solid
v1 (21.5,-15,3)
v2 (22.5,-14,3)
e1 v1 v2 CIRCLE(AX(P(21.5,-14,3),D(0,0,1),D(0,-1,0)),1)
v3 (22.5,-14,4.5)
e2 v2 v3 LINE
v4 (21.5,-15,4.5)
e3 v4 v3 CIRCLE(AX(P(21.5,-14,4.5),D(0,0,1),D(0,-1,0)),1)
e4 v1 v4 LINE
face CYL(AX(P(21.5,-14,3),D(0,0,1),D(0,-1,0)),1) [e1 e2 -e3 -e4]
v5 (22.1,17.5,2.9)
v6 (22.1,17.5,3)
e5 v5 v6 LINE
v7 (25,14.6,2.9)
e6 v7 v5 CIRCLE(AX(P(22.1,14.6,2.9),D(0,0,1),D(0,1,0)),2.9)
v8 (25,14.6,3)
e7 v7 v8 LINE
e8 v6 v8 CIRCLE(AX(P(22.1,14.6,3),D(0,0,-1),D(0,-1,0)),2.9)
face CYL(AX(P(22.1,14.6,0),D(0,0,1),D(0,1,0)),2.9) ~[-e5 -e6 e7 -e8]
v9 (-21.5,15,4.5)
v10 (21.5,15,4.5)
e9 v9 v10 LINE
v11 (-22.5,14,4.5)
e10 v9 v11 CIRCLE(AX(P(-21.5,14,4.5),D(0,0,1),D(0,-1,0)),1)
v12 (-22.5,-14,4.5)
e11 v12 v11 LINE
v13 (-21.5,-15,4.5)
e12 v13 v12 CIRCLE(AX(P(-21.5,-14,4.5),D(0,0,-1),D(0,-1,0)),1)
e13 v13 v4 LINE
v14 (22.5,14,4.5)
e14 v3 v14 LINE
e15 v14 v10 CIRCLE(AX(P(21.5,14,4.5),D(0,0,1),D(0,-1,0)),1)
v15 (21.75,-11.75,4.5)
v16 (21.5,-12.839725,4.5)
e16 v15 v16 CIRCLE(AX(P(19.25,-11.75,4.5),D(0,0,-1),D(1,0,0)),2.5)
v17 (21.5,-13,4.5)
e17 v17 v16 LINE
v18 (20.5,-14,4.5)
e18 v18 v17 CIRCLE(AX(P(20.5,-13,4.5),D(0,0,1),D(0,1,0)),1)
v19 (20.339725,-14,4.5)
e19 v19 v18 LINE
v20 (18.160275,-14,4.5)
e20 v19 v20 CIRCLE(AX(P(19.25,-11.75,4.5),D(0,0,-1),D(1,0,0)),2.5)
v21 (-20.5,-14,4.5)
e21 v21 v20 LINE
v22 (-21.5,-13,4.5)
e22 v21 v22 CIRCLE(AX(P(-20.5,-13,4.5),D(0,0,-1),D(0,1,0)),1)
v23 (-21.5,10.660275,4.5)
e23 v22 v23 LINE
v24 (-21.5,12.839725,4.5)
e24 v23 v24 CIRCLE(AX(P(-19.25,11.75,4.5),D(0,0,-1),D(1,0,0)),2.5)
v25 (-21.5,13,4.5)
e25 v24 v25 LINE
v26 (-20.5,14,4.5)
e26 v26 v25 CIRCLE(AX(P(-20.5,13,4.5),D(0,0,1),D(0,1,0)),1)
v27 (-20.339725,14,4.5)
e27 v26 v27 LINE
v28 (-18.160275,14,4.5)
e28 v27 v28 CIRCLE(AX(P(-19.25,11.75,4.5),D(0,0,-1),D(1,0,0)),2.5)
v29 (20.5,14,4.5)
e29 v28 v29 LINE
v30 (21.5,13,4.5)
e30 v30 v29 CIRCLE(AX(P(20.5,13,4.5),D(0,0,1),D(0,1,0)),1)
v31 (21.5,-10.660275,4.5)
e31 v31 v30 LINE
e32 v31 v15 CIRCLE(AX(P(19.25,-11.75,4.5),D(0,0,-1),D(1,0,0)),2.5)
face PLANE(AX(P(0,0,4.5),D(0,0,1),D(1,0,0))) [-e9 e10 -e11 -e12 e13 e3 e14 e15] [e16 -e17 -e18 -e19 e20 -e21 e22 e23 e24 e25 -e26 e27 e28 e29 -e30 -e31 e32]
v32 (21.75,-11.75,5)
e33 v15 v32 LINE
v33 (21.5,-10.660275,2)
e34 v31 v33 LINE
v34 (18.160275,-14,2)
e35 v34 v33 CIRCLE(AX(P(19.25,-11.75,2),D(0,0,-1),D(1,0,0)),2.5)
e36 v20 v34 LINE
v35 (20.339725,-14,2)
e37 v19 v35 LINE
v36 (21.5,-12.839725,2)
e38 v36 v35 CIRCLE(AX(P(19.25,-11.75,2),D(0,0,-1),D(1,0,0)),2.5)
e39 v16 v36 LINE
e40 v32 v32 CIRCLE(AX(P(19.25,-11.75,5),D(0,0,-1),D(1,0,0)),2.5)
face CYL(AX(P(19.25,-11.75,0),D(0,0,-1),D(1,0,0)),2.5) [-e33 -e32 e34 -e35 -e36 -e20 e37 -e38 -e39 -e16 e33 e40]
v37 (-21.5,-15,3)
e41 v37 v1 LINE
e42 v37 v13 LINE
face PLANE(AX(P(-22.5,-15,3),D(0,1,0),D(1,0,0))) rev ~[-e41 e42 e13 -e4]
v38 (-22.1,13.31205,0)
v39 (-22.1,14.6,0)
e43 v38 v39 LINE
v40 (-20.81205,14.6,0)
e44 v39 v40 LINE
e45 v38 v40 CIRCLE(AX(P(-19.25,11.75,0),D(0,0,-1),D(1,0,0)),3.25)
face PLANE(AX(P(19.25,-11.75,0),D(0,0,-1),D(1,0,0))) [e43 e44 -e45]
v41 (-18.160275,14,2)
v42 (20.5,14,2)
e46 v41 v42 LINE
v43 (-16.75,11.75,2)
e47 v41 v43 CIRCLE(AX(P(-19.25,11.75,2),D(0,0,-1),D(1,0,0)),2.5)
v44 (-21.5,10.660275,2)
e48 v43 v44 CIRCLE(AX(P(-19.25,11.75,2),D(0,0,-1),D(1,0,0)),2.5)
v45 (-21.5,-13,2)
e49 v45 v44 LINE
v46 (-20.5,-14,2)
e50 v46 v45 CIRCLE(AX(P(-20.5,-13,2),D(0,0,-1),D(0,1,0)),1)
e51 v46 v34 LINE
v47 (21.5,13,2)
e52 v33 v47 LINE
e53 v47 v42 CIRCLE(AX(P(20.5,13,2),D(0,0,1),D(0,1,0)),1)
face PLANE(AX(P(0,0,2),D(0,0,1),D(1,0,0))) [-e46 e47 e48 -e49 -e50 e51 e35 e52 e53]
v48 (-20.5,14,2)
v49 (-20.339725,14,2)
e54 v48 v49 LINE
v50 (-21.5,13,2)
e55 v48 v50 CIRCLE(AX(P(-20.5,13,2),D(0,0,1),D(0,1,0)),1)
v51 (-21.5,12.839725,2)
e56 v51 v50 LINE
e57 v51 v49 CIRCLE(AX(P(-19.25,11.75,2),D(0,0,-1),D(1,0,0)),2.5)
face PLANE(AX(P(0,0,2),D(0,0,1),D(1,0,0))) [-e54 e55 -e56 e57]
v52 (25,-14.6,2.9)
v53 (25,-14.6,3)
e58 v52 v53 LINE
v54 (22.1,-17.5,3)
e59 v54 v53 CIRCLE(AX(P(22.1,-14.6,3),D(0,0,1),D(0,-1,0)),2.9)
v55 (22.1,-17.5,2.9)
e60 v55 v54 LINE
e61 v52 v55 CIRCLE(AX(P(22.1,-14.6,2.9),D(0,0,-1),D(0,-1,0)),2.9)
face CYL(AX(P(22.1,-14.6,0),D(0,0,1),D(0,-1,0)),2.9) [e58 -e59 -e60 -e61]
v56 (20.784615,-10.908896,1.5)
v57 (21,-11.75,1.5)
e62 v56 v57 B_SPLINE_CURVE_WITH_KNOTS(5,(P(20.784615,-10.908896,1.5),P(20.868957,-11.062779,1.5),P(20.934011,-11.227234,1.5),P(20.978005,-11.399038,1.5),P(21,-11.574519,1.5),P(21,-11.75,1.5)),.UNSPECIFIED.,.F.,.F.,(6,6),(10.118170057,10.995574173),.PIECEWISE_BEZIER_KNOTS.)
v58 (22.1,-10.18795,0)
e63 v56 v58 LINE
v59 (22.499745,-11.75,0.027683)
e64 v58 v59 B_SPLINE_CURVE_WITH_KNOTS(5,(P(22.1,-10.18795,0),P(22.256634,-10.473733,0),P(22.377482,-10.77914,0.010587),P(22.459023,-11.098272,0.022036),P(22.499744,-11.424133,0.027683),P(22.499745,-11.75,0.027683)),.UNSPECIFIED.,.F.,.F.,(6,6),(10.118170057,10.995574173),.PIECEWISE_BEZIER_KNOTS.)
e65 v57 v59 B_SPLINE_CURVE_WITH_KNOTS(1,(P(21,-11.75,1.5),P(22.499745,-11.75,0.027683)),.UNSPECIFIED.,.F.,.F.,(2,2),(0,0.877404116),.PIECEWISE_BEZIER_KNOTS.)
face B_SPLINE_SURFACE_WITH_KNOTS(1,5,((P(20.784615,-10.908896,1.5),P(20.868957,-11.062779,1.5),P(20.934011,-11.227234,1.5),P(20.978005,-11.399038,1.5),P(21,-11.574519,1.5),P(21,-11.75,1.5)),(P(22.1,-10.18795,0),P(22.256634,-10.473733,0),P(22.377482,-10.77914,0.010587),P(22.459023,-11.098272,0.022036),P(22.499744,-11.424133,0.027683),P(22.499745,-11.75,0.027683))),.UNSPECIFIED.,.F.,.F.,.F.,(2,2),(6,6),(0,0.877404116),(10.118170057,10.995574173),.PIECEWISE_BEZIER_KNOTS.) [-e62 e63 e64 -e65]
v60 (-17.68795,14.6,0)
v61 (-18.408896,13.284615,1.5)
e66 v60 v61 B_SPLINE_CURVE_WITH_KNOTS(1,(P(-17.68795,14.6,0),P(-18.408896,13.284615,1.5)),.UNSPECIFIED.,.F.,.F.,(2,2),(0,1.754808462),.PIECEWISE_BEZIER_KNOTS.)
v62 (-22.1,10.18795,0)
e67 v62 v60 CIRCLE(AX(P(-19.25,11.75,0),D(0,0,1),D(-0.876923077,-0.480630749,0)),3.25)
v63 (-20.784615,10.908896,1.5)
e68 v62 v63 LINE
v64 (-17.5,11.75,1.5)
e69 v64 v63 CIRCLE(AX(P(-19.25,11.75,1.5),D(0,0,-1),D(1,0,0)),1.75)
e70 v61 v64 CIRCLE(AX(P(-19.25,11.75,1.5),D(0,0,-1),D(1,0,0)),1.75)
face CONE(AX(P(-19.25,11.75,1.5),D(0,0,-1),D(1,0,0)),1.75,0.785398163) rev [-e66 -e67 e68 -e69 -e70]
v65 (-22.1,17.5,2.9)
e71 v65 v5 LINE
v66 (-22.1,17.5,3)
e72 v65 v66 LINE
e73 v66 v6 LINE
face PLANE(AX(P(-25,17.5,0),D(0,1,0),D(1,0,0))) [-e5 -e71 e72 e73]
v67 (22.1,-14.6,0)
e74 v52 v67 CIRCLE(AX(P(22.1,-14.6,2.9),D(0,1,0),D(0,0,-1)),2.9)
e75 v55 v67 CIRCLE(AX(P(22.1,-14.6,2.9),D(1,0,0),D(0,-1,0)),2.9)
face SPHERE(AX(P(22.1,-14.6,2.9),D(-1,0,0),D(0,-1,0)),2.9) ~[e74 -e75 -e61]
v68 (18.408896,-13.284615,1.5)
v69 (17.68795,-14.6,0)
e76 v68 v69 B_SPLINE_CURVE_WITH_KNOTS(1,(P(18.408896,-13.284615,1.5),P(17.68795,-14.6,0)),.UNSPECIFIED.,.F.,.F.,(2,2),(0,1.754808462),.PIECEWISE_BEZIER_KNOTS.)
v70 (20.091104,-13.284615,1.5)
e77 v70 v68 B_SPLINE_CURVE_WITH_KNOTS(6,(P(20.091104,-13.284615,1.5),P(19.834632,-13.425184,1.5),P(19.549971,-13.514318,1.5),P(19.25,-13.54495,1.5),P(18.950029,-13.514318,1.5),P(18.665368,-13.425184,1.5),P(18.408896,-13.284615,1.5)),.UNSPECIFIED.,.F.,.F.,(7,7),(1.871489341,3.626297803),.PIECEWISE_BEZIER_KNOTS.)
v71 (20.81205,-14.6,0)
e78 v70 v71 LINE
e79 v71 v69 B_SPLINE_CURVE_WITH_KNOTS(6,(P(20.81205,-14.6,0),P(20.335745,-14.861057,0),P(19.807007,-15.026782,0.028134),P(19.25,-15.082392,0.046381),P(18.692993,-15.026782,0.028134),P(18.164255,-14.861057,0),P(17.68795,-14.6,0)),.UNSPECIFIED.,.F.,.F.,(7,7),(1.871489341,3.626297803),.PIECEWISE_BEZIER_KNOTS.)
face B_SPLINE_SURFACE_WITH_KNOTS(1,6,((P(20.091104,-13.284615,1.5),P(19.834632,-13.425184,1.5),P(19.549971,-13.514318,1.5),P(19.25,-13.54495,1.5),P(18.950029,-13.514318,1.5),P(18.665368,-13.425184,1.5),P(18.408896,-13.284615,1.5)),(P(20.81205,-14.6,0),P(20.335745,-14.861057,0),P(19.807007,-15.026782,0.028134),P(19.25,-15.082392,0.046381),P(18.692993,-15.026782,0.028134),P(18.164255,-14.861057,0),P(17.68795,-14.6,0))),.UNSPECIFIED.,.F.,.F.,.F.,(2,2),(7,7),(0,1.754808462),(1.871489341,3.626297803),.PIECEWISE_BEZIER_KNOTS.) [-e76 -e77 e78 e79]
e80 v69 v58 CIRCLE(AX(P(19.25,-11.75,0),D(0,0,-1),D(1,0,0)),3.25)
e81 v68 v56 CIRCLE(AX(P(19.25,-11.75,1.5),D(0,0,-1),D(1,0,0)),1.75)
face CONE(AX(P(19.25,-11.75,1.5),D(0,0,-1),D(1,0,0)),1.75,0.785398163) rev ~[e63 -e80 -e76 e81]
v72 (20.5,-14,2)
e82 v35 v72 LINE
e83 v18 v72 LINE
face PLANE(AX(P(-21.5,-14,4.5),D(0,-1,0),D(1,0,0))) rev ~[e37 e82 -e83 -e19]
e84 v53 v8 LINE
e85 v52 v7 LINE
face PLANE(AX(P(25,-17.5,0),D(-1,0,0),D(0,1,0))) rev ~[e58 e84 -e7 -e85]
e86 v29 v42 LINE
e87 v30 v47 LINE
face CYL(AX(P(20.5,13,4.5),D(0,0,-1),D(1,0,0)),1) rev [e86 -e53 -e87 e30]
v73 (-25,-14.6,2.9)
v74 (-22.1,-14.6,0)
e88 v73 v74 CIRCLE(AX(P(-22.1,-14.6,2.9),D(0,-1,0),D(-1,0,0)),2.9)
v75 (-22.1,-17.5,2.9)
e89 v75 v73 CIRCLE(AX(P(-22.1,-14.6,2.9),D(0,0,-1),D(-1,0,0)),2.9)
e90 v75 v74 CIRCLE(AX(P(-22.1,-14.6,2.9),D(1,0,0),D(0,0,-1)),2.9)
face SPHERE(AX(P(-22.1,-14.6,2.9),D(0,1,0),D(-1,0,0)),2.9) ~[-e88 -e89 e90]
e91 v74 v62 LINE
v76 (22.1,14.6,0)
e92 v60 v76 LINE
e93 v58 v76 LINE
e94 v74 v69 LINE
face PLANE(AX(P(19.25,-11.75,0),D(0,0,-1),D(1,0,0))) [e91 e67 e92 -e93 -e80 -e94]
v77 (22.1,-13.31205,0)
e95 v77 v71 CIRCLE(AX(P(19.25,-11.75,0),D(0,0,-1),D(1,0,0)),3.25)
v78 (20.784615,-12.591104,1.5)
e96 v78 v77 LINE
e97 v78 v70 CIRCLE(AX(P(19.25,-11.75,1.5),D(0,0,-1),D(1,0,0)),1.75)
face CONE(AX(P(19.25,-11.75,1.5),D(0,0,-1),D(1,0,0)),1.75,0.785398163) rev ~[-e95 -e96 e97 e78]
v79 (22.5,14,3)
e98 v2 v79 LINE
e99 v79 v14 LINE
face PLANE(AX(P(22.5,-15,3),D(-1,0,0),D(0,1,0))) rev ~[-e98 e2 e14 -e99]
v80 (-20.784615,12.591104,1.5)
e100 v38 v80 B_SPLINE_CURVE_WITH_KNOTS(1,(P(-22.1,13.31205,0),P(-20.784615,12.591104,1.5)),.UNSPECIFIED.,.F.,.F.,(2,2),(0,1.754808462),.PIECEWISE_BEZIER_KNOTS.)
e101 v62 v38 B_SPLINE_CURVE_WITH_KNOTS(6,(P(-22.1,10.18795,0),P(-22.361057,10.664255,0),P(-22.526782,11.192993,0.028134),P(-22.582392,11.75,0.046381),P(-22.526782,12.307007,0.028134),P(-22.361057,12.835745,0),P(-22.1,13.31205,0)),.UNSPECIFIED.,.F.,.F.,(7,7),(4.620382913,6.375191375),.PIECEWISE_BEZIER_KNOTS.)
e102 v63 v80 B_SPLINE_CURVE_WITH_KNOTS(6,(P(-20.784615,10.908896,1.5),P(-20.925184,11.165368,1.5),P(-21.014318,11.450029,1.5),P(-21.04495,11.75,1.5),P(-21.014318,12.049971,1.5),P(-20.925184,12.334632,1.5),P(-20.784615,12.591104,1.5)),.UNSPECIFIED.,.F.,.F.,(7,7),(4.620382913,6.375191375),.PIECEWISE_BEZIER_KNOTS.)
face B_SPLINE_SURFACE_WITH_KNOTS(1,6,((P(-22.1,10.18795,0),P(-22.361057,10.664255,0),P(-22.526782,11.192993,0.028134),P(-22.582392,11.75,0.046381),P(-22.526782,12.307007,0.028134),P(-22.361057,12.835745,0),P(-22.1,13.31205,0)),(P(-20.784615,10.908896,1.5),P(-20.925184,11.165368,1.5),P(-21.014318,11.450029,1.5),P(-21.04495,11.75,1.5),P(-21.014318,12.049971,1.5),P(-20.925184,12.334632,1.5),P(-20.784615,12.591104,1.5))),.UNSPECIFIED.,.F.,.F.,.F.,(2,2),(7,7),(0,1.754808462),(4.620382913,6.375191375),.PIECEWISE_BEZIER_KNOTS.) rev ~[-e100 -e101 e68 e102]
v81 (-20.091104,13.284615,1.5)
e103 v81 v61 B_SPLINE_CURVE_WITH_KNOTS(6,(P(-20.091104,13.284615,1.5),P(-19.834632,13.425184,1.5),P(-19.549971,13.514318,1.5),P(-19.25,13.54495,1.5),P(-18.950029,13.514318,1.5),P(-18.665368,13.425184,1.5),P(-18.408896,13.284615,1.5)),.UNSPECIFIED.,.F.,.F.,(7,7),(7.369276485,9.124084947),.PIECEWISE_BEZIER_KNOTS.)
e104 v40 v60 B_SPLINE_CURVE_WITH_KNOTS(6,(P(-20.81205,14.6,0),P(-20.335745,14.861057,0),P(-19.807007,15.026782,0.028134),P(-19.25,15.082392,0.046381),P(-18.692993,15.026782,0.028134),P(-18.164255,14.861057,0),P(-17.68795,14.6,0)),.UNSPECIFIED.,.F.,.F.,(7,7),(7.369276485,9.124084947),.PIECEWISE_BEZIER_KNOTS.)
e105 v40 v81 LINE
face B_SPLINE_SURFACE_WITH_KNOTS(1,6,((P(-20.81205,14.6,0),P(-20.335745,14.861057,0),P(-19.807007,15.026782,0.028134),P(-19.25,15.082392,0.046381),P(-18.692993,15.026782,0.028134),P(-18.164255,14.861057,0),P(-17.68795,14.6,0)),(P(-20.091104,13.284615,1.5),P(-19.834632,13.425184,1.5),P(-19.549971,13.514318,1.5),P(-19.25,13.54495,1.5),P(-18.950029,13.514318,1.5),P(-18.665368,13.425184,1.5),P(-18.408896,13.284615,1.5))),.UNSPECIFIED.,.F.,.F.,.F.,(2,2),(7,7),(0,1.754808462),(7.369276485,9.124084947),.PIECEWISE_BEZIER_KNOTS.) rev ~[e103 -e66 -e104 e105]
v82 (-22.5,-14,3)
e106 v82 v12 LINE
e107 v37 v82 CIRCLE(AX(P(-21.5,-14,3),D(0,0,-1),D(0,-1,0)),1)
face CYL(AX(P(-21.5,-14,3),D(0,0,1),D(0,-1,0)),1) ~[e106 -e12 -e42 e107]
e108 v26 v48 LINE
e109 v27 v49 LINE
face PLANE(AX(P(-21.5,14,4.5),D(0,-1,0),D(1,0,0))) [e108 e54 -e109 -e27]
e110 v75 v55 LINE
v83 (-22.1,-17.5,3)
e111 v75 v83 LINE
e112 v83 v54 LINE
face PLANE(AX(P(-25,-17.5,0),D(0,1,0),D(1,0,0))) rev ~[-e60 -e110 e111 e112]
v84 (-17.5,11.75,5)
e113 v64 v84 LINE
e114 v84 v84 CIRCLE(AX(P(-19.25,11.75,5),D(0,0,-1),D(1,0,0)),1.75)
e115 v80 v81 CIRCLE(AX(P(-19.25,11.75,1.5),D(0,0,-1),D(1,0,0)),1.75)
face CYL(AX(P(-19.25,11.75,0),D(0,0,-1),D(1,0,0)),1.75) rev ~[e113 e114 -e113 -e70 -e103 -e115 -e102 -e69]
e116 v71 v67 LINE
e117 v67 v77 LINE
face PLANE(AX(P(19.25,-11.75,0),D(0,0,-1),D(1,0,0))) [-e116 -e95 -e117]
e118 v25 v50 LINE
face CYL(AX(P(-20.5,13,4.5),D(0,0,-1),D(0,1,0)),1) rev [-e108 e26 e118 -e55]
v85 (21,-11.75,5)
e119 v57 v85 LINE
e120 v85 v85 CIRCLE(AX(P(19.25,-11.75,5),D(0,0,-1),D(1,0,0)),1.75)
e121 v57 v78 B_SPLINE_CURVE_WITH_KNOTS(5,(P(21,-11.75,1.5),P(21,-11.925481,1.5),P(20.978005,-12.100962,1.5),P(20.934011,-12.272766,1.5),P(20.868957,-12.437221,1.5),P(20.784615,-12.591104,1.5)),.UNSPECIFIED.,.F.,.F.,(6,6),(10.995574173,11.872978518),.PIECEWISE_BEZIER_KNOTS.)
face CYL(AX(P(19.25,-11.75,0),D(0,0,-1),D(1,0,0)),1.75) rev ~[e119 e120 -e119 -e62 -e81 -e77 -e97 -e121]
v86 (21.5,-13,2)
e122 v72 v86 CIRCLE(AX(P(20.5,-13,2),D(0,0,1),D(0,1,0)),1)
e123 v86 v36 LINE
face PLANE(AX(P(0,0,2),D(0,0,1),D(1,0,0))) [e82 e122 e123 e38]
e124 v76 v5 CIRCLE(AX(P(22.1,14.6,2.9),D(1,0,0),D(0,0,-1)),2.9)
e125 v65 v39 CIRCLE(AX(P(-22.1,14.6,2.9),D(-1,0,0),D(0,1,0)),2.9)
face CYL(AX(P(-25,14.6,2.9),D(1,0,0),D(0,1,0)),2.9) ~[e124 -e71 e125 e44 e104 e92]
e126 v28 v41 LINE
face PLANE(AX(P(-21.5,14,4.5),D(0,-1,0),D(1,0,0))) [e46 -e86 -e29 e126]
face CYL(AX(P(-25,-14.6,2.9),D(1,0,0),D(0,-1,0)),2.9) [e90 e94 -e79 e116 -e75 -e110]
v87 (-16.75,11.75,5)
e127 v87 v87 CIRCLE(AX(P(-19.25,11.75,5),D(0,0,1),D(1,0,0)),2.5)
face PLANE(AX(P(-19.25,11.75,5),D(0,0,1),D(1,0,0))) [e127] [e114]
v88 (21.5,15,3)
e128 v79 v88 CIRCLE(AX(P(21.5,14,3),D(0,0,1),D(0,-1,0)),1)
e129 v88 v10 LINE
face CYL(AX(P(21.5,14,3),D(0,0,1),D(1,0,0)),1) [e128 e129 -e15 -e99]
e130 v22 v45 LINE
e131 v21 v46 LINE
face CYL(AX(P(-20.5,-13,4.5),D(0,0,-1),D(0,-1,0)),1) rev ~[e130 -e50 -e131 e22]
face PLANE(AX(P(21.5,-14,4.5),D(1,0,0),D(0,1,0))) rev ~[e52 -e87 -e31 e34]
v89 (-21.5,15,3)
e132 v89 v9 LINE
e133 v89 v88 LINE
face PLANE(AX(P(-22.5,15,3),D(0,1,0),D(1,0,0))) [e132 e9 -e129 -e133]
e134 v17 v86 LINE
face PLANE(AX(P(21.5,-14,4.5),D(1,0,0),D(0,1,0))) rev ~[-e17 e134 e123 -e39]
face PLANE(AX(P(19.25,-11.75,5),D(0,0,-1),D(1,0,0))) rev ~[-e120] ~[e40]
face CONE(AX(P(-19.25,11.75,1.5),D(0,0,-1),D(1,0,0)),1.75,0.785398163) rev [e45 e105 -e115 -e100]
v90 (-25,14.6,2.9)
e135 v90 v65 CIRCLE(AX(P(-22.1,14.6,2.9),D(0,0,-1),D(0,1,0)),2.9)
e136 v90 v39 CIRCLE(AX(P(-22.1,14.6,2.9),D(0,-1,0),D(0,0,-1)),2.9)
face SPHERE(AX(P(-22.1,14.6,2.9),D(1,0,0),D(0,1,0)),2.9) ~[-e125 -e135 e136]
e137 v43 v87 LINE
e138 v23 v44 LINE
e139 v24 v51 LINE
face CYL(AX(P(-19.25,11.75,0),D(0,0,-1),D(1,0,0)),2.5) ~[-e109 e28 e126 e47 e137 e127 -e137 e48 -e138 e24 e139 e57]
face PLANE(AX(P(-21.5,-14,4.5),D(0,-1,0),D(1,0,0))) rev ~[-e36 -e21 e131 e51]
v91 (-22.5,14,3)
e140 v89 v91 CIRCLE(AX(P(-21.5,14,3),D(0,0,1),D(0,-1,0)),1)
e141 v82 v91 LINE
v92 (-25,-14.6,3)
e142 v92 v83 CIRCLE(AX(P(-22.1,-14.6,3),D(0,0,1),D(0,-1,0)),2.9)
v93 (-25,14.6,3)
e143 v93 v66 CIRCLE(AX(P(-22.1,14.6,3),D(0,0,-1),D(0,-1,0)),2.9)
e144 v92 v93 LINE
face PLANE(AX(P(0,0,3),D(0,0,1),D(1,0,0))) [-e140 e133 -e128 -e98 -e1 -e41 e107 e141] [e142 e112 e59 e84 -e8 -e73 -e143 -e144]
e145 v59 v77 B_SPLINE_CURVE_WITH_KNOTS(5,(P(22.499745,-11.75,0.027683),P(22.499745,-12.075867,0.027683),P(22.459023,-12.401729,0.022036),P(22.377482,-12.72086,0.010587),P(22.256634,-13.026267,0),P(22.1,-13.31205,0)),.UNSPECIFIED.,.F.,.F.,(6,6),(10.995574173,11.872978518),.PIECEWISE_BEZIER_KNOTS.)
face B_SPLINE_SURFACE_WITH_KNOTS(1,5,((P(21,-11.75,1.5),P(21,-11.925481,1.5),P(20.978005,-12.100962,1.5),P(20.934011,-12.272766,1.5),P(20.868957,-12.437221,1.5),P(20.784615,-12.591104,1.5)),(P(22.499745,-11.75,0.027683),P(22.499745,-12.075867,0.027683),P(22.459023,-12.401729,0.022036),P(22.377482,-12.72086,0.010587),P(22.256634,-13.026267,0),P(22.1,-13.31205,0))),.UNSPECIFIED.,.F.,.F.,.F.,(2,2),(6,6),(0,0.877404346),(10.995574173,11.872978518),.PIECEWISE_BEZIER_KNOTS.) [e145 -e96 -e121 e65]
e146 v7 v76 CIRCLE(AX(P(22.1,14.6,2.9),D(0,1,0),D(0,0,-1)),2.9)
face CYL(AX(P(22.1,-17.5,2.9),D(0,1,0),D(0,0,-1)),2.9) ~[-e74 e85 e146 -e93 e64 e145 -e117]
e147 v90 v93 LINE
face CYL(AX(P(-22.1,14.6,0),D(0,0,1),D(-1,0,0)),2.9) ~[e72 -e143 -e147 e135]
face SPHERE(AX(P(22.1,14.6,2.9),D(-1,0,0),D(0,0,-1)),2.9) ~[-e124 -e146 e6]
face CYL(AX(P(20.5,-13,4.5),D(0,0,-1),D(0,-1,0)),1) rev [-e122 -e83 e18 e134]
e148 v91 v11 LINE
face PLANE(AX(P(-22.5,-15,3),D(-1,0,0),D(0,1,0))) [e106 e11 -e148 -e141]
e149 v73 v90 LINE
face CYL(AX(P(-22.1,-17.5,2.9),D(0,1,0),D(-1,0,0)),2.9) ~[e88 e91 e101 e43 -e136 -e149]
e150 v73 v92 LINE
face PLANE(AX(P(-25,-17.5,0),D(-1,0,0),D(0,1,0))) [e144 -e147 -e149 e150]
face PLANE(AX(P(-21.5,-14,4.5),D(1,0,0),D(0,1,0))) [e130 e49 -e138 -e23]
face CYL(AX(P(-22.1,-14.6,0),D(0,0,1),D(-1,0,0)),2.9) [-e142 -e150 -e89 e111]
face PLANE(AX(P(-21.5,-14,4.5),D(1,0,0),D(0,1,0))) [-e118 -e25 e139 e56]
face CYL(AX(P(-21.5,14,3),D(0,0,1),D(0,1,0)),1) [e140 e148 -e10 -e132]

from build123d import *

# Parameters (mm, degrees)
SKETCH_W        = 50
SKETCH_H        = 35
PAD_DEPTH       = 3
SKETCH002_W     = 45
SKETCH002_H     = 30
PAD001_DEPTH    = 1.5
SKETCH003_W     = 43
SKETCH003_H     = 28
POCKET001_DEPTH = 2.5
FILLET_R        = 2.9
FILLET001_R     = 1
SKETCH005_R     = 2.5
PAD002_DEPTH    = 5
SKETCH004_R     = 2.5
PAD003_DEPTH    = 5
SKETCH006_R     = 1.75
POCKET_DEPTH    = 5
SKETCH007_R     = 1.75
POCKET002_DEPTH = 5
CHAMFER_SIZE    = 1.5
CHAMFER001_SIZE = 1.5


with BuildPart() as part:
    # Sketch → Pad (new body)
    with BuildSketch(Plane.XY):
        Rectangle(SKETCH_W, SKETCH_H)
    extrude(amount=PAD_DEPTH)

    # Sketch002 → Pad001 (join)
    with BuildSketch(Plane.XY.offset(3)):
        Rectangle(SKETCH002_W, SKETCH002_H)
    extrude(amount=PAD001_DEPTH)

    # Sketch003 (on Face11 of Pad001) → Pocket001 (cut)
    with BuildSketch(Plane.XY.offset(4.5)):
        Rectangle(SKETCH003_W, SKETCH003_H)
    extrude(amount=-POCKET001_DEPTH, mode=Mode.SUBTRACT)

    # Fillet
    fillet_edges = [part.edges().sort_by_distance(p)[0] for p in [
        (0, 17.5, 0),
        (-25, 17.5, 1.5),
        (-25, 0, 0),
        (-25, -17.5, 1.5),
        (0, -17.5, 0),
        (25, -17.5, 1.5),
        (25, 0, 0),
        (25, 17.5, 1.5),
    ]]
    fillet(fillet_edges, radius=FILLET_R)

    # Fillet001
    fillet001_edges = [part.edges().sort_by_distance(p)[0] for p in [
        (-21.5, -14, 3.25),
        (22.5, -15, 3.75),
        (22.5, 15, 3.75),
        (-22.5, 15, 3.75),
        (-22.5, -15, 3.75),
        (21.5, 14, 3.25),
        (-21.5, 14, 3.25),
        (21.5, -14, 3.25),
    ]]
    fillet(fillet001_edges, radius=FILLET001_R)

    # Sketch005 → Pad002 (join)
    with BuildSketch(Plane.XY):
        with Locations((-19.25, 11.75)):
            Circle(SKETCH005_R)
    extrude(amount=PAD002_DEPTH)

    # Sketch004 (on Face35 of Fillet001) → Pad003 (join)
    with BuildSketch(Plane(origin=(0, 0, 0), x_dir=(1, 0, 0), z_dir=(0, 0, -1))):
        with Locations((19.25, 11.75)):
            Circle(SKETCH004_R)
    extrude(amount=-PAD003_DEPTH)

    # Sketch006 (on Face48 of Pad003) → Pocket (cut)
    with BuildSketch(Plane(origin=(0, 0, 0), x_dir=(1, 0, 0), z_dir=(0, 0, -1))):
        with Locations((-19.25, -11.75)):
            Circle(SKETCH006_R)
    extrude(amount=-POCKET_DEPTH, mode=Mode.SUBTRACT)

    # Sketch007 (on Face48 of Pocket) → Pocket002 (cut)
    with BuildSketch(Plane(origin=(0, 0, 0), x_dir=(1, 0, 0), z_dir=(0, 0, -1))):
        with Locations((19.25, 11.75)):
            Circle(SKETCH007_R)
    extrude(amount=-POCKET002_DEPTH, mode=Mode.SUBTRACT)

    # Chamfer
    chamfer_edges = [part.edges().sort_by_distance(p)[0] for p in [
        (-21, 11.75, 0),
    ]]
    chamfer(chamfer_edges, length=CHAMFER_SIZE)

    # Chamfer001
    chamfer001_edges = [part.edges().sort_by_distance(p)[0] for p in [
        (17.5, -11.75, 0),
    ]]
    chamfer(chamfer001_edges, length=CHAMFER001_SIZE)


solid = part.part
